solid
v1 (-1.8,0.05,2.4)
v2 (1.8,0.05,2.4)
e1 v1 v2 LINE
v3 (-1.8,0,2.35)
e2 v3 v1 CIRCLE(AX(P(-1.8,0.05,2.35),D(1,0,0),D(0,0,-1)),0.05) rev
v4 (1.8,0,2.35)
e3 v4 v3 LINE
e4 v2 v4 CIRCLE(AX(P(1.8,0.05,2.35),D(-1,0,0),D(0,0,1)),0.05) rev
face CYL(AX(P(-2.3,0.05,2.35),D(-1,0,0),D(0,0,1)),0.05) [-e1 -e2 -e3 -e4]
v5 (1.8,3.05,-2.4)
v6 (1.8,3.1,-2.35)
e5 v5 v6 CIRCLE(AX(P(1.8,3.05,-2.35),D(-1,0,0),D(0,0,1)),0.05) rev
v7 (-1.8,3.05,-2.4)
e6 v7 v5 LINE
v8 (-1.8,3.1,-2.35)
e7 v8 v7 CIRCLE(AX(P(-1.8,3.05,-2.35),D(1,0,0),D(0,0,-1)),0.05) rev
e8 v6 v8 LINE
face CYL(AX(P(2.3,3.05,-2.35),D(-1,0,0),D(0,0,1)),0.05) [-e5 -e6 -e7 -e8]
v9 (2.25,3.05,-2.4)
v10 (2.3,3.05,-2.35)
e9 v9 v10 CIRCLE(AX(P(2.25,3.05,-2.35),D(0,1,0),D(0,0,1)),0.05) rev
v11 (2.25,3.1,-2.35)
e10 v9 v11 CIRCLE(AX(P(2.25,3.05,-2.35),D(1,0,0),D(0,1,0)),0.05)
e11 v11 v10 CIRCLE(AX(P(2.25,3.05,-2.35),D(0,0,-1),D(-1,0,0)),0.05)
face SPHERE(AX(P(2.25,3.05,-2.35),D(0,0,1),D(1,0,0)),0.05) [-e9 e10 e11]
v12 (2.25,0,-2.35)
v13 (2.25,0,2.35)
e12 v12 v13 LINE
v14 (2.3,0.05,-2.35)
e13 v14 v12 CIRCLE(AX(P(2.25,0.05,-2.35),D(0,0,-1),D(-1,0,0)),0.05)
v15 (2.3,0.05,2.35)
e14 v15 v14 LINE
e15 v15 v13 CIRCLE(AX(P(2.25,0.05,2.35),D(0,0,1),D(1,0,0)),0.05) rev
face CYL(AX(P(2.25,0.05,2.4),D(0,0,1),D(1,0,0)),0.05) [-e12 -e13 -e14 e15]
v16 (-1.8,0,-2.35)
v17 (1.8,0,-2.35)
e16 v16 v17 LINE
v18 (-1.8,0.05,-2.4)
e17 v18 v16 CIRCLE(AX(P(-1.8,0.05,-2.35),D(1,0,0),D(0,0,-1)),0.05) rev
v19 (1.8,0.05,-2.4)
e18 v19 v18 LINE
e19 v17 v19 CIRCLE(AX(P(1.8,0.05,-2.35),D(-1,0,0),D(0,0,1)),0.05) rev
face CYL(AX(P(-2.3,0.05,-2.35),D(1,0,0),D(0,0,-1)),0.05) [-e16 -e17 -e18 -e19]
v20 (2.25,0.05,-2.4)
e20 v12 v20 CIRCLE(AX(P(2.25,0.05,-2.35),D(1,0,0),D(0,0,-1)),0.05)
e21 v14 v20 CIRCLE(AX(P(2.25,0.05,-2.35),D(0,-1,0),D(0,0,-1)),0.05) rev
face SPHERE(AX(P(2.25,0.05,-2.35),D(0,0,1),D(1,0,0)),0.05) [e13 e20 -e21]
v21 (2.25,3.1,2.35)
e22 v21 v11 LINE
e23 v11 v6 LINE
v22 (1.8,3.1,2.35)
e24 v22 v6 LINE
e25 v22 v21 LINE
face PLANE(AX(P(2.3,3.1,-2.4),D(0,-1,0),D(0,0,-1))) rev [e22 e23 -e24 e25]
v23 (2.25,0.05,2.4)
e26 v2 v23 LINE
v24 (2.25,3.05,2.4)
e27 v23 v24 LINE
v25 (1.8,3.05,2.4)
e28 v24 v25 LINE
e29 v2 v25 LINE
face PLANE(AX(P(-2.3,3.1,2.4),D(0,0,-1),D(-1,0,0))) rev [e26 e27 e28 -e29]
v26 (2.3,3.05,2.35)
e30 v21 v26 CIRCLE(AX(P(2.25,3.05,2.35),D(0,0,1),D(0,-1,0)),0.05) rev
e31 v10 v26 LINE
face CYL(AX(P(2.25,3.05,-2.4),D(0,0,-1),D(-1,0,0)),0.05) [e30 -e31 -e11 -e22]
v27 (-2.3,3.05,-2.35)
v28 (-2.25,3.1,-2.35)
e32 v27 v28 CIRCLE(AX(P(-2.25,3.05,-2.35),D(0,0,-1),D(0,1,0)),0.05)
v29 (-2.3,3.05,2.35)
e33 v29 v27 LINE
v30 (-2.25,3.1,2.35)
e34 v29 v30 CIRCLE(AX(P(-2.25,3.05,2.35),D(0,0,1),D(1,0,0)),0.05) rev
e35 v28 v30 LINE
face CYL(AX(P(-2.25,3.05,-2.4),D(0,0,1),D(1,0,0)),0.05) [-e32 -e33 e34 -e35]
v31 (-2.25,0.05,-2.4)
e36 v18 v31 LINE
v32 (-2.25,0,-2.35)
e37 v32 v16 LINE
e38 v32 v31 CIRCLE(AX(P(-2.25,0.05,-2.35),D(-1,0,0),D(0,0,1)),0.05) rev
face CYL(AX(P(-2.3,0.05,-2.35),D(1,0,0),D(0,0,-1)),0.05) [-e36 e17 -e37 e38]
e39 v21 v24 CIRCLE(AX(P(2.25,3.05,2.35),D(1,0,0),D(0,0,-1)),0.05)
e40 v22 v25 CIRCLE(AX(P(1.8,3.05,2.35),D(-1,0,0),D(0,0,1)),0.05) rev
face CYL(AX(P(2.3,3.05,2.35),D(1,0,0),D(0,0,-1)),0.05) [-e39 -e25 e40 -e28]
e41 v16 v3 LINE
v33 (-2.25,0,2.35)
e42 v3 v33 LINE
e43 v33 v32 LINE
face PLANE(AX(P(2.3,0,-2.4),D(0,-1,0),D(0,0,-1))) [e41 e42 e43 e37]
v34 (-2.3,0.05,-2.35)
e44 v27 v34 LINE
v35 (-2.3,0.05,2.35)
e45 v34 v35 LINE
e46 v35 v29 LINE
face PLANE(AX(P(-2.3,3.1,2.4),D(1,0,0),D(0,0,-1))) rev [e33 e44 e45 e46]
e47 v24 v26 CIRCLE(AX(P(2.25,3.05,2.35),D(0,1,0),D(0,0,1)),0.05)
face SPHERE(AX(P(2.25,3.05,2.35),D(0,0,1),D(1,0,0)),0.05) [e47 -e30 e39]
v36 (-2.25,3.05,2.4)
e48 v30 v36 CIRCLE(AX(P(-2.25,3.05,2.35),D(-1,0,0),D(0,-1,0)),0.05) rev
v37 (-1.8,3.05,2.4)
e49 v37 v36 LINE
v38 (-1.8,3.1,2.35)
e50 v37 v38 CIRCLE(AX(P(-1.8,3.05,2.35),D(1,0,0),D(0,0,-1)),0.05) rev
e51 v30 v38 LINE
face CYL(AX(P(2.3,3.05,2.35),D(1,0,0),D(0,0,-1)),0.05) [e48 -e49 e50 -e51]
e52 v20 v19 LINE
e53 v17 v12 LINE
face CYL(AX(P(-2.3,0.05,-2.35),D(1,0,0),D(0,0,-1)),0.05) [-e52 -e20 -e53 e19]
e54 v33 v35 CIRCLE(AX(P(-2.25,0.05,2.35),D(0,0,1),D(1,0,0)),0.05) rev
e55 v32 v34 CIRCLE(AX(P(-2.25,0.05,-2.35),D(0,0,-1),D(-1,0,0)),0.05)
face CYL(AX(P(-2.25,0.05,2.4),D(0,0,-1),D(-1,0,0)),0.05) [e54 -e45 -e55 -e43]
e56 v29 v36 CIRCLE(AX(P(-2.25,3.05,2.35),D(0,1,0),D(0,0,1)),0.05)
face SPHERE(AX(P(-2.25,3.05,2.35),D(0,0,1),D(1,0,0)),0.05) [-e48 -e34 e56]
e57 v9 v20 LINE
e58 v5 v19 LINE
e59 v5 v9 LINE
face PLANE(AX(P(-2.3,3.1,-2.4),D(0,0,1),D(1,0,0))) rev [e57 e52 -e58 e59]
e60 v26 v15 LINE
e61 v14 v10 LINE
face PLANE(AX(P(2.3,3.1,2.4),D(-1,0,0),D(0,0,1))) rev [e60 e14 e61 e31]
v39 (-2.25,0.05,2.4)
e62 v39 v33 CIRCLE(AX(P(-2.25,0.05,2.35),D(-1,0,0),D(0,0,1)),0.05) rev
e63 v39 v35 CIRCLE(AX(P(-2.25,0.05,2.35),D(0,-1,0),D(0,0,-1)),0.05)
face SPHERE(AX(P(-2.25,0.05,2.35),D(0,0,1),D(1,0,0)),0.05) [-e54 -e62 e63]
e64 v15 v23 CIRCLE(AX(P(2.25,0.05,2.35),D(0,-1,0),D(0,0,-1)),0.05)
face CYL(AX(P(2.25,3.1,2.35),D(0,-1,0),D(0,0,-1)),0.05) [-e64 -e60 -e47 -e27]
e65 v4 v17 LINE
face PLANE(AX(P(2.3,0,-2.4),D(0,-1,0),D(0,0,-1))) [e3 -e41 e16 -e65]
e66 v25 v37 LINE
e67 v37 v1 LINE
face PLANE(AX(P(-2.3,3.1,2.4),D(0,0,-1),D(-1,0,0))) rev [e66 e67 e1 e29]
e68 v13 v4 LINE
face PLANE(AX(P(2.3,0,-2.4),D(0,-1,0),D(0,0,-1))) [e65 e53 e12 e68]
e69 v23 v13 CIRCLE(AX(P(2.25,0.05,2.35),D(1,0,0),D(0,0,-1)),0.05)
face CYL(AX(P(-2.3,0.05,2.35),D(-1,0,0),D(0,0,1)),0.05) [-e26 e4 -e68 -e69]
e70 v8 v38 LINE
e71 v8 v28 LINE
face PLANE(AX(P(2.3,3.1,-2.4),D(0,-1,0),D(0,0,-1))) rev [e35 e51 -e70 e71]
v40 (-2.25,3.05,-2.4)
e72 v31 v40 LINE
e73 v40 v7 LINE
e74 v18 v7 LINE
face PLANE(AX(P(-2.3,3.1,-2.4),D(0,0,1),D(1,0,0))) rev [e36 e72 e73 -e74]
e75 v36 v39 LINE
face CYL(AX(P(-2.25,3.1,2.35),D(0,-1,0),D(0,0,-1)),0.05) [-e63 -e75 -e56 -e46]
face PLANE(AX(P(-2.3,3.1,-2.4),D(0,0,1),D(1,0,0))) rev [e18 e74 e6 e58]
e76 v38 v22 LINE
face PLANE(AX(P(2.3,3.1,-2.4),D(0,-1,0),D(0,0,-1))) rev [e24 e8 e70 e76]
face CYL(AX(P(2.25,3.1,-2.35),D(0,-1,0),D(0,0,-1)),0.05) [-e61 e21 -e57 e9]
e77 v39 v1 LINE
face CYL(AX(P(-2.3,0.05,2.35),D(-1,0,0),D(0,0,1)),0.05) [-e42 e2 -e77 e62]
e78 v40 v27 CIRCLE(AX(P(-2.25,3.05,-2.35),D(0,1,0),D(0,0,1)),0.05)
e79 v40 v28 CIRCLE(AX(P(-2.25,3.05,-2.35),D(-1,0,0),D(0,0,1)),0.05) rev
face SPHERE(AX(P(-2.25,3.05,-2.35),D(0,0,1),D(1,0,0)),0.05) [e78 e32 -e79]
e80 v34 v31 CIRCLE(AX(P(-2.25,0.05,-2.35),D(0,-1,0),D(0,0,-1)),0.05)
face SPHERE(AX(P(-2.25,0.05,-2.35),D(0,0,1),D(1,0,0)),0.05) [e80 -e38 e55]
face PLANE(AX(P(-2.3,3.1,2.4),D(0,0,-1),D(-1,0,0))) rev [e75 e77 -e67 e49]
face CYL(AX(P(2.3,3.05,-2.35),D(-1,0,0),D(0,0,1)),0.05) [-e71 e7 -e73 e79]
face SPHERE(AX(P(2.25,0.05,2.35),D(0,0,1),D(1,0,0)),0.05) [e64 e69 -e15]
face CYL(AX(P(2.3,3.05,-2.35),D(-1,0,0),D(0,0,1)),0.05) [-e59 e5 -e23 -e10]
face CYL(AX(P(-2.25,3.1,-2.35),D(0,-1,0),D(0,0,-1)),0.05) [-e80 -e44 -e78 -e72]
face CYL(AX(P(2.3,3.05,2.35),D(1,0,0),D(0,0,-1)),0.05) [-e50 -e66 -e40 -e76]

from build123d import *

# Parameters (mm, degrees)
SKETCH1_W      = 4.6
SKETCH1_H      = 4.8
EXTRUDE1_DEPTH = 3.1
FILLET1_R      = 0.05


with BuildPart() as part:
    # Sketch1 → Extrude1 (new body)
    with BuildSketch(Plane(origin=(0, 0, 0), x_dir=(1, 0, 0), z_dir=(0, 1, 0))):
        Rectangle(SKETCH1_W, SKETCH1_H)
    extrude(amount=EXTRUDE1_DEPTH)

    # Fillet1
    fillet1_edges = [part.edges().sort_by_distance(p)[0] for p in [
        (-2.3, 3.1, 0),
        (0, 3.1, 2.4),
        (2.3, 3.1, 0),
        (0, 0, 2.4),
        (-2.3, 0, 0),
        (0, 0, -2.4),
        (2.3, 0, 0),
        (0, 3.1, -2.4),
        (2.3, 1.55, 2.4),
        (-2.3, 1.55, 2.4),
        (-2.3, 1.55, -2.4),
        (2.3, 1.55, -2.4),
    ]]
    fillet(fillet1_edges, radius=FILLET1_R)


solid = part.part
